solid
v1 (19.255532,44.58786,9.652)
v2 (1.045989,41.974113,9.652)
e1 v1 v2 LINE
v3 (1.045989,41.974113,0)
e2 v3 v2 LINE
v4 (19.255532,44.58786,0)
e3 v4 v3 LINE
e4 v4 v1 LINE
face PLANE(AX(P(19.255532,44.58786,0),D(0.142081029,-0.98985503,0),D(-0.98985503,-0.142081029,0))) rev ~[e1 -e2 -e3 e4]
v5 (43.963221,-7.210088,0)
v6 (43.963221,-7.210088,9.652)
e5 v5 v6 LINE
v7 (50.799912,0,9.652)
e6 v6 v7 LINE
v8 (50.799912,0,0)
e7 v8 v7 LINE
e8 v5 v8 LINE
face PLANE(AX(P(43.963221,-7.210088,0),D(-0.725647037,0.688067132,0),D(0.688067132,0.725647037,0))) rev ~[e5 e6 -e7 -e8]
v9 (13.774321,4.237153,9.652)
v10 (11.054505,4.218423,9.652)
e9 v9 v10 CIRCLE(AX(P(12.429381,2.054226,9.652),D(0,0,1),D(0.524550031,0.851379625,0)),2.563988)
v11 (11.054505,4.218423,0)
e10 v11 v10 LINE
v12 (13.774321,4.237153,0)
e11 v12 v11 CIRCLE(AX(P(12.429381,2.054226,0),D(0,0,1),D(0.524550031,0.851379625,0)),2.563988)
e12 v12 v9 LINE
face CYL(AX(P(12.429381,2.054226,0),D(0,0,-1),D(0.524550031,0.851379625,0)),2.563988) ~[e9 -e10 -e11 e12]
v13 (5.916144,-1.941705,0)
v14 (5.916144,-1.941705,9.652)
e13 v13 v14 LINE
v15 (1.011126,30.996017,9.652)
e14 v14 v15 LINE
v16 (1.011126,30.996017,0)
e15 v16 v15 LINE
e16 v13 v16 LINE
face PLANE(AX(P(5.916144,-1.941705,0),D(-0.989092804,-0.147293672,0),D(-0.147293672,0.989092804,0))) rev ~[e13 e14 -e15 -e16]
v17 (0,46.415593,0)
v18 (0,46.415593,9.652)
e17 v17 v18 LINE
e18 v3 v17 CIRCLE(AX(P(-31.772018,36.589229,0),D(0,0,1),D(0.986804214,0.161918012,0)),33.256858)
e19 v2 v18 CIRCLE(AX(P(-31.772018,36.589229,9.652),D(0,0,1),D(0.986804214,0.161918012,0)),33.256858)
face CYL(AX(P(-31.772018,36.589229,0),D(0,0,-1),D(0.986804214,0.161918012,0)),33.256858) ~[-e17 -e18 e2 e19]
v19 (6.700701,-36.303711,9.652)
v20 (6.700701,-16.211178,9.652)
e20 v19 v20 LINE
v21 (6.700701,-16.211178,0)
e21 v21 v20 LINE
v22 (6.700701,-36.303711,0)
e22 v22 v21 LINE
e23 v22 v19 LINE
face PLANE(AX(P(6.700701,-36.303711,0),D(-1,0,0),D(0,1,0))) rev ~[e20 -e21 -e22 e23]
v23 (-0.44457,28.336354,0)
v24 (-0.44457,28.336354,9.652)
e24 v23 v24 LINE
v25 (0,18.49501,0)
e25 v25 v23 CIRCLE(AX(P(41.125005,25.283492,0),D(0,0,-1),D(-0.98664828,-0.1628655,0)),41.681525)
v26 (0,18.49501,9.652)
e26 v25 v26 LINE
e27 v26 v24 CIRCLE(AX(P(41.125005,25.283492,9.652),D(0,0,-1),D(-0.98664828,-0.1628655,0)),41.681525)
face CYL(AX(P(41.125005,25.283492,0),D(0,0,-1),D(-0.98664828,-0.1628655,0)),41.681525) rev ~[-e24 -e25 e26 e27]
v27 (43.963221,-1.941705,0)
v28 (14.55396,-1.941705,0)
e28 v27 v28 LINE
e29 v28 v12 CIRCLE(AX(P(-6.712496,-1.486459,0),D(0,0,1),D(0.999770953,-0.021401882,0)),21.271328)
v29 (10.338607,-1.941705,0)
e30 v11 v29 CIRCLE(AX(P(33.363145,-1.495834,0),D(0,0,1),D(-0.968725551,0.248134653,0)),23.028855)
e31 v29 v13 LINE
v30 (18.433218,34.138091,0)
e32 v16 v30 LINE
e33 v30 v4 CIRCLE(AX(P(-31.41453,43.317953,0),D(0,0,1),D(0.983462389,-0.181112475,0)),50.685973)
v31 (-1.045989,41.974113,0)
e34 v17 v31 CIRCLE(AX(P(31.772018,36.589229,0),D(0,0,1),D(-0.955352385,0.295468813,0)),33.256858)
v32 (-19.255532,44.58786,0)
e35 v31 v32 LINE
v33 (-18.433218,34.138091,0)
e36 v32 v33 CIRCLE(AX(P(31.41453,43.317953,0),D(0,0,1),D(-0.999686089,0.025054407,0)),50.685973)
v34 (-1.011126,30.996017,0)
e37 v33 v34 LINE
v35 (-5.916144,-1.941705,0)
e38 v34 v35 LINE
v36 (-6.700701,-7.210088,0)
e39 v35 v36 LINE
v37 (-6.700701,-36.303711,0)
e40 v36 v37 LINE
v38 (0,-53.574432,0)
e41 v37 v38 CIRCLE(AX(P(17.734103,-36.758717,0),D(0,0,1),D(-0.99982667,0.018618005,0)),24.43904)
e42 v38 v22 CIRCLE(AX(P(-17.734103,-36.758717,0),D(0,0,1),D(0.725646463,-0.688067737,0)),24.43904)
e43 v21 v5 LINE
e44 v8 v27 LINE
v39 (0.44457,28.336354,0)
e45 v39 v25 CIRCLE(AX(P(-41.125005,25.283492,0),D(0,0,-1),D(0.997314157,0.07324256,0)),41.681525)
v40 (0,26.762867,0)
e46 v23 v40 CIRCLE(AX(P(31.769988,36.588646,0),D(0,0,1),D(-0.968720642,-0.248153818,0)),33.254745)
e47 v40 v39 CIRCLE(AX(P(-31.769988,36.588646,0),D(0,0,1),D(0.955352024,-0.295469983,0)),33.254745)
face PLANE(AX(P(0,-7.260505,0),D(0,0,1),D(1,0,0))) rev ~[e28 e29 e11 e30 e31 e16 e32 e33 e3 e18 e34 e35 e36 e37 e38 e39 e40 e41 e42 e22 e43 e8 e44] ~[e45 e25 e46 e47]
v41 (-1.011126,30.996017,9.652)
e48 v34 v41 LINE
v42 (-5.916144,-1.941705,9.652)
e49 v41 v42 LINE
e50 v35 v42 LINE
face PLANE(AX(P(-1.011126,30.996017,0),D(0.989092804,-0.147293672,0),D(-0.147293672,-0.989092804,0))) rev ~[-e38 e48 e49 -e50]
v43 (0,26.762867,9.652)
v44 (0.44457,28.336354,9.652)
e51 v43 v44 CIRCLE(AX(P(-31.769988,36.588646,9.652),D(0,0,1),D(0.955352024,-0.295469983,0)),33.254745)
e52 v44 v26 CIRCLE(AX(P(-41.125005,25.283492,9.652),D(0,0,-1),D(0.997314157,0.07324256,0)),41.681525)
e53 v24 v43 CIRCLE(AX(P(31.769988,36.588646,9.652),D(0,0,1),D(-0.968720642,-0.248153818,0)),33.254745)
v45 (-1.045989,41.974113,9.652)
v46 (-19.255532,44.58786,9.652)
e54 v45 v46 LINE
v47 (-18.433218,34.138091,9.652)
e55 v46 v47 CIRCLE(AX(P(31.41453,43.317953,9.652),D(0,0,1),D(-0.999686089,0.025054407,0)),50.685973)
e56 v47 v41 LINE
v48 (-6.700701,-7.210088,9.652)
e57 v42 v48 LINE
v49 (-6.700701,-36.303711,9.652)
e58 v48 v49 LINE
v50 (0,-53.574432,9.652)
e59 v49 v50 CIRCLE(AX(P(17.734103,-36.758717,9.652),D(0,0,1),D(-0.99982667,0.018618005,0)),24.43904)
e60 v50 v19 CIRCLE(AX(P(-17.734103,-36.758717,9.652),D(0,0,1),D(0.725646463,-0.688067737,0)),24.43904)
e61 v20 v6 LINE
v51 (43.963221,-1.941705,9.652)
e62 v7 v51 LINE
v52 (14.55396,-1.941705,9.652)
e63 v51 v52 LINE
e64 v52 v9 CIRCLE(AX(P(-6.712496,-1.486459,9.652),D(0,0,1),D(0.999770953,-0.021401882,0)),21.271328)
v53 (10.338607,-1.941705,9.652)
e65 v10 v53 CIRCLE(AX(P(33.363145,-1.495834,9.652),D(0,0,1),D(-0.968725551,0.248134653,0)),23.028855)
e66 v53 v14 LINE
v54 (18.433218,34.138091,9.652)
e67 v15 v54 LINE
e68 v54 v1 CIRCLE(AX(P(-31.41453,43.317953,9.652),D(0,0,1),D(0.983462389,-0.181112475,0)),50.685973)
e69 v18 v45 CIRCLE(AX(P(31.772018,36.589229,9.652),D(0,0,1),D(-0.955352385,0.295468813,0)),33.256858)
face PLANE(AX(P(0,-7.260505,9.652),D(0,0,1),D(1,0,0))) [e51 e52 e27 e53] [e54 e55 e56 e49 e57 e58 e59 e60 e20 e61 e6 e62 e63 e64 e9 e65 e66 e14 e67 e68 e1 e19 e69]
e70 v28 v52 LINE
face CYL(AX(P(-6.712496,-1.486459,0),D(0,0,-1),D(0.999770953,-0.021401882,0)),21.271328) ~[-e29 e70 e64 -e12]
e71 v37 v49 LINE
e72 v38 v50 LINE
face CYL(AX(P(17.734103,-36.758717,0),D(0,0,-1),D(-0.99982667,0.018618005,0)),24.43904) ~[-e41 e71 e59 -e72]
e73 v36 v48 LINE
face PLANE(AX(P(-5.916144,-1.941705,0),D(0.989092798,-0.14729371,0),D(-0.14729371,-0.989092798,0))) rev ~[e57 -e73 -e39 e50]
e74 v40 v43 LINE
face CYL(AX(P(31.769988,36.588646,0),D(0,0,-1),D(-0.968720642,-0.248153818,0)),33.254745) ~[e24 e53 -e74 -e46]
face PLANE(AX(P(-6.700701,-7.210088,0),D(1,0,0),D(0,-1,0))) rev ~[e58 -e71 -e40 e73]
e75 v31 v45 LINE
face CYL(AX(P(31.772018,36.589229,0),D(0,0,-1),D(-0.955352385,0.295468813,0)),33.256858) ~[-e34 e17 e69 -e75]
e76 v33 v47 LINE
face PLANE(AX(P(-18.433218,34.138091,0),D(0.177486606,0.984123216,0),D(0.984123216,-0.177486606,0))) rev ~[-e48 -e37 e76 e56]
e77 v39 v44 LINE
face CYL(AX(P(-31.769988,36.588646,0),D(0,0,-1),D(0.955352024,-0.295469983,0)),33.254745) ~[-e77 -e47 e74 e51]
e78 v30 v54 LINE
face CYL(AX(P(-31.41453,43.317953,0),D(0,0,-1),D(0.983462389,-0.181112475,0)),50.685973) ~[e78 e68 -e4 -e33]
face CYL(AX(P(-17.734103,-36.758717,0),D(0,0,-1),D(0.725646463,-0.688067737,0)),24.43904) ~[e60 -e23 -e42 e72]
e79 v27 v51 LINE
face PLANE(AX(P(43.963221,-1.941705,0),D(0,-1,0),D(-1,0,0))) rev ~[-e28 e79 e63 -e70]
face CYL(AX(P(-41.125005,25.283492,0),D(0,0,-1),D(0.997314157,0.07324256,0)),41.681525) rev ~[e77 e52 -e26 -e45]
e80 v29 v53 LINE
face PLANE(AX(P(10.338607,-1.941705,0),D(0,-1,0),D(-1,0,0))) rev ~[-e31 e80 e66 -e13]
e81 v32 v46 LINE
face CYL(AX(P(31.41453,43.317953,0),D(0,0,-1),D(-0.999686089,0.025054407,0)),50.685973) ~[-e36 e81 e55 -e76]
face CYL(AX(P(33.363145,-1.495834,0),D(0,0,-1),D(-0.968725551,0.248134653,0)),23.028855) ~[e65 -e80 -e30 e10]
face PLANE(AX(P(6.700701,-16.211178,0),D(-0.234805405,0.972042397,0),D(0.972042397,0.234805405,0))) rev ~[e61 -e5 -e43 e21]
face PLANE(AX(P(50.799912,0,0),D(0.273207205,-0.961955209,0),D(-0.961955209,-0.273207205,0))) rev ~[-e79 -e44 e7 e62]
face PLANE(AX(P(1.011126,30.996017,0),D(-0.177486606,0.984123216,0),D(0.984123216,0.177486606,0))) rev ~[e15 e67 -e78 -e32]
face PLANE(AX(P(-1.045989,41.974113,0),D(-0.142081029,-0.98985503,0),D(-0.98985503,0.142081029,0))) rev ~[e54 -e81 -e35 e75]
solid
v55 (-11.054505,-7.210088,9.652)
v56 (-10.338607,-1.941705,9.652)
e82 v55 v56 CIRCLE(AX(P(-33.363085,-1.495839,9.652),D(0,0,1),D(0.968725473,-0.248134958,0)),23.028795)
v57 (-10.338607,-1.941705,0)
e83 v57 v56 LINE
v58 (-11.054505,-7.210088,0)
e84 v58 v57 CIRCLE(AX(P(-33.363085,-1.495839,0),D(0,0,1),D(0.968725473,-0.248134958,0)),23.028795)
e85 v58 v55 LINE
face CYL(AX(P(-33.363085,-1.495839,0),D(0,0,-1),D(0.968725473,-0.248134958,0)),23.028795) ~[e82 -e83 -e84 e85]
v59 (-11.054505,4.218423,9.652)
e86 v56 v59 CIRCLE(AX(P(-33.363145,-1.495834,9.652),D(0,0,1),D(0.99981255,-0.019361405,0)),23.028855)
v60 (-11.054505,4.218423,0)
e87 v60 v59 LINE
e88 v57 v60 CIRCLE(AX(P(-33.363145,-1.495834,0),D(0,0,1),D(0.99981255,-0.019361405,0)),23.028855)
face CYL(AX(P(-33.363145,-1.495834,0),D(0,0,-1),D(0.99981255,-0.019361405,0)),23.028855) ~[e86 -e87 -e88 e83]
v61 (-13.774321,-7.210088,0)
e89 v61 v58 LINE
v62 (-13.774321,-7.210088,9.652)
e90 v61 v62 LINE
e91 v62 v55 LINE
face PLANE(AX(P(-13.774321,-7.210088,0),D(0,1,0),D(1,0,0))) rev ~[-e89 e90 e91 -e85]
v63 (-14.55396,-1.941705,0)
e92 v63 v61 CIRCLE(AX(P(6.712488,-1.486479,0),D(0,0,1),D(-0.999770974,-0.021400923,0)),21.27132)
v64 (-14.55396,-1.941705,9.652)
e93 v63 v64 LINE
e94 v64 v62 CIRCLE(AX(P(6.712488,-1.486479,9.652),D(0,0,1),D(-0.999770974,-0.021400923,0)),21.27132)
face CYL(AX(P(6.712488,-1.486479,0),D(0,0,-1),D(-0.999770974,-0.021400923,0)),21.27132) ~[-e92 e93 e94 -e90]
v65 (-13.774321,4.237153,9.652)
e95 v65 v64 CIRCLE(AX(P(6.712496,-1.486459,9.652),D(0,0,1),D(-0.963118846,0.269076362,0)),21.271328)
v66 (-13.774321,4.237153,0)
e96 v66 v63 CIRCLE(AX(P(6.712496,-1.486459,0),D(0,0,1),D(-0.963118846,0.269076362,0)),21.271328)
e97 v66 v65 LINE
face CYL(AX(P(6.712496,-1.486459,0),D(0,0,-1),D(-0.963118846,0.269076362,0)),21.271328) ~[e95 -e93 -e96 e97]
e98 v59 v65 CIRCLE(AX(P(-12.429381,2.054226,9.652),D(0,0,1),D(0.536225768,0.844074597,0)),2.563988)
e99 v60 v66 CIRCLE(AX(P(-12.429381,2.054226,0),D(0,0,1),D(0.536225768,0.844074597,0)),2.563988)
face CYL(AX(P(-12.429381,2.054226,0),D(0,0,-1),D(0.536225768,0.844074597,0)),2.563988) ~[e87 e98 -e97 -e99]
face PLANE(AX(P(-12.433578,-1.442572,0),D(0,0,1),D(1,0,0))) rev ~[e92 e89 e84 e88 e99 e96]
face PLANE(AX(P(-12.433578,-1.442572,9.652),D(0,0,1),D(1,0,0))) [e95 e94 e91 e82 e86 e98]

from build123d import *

# Parameters (mm, degrees)
F1_DEPTH = 9.652


with BuildPart() as f1:
    # F0 (on Top) → F1 (new body)
    with BuildSketch(Plane.XY):
        with BuildLine():
            Line((-6.700701, -16.211178), (-6.700701, -36.303711))
            ThreePointArc((-6.700701, -36.303711), (-5.050182, -45.598572), (0, -53.574432))
            ThreePointArc((0, -53.574432), (5.050182, -45.598572), (6.700701, -36.303711))
            Line((6.700701, -36.303711), (6.700701, -16.211178))
            Line((6.700701, -16.211178), (6.700701, -7.210088))
            Line((6.700701, -7.210088), (5.916144, -1.941705))
            Line((5.916144, -1.941705), (1.011126, 30.996017))
            ThreePointArc((1.011126, 30.996017), (0.755044, 29.660392), (0.44457, 28.336354))
            ThreePointArc((0.44457, 28.336354), (0.514056, 23.402501), (0, 18.49501))
            ThreePointArc((0, 18.49501), (-0.514056, 23.402501), (-0.44457, 28.336354))
            ThreePointArc((-0.44457, 28.336354), (-0.755044, 29.660392), (-1.011126, 30.996017))
            Line((-1.011126, 30.996017), (-5.916144, -1.941705))
            Line((-5.916144, -1.941705), (-6.700701, -7.210088))
            Line((-6.700701, -7.210088), (-6.700701, -16.211178))
        make_face()
        with BuildLine():
            ThreePointArc((-11.054505, -7.210088), (-10.544003, -4.596626), (-10.338607, -1.941705))
            ThreePointArc((-10.338607, -1.941705), (-10.488245, 1.162568), (-11.054505, 4.218423))
            ThreePointArc((-11.054505, 4.218423), (-12.411724, 4.618153), (-13.774321, 4.237153))
            ThreePointArc((-13.774321, 4.237153), (-14.391497, 1.176412), (-14.55396, -1.941705))
            ThreePointArc((-14.55396, -1.941705), (-14.329674, -4.600393), (-13.774321, -7.210088))
            Line((-13.774321, -7.210088), (-11.054505, -7.210088))
        make_face()
        with BuildLine():
            Line((6.700701, -7.210088), (6.700701, -16.211178))
            Line((6.700701, -16.211178), (43.963221, -7.210088))
            Line((43.963221, -7.210088), (50.799912, 0))
            Line((50.799912, 0), (43.963221, -1.941705))
            Line((43.963221, -1.941705), (14.55396, -1.941705))
            ThreePointArc((14.55396, -1.941705), (14.329674, -4.600393), (13.774321, -7.210088))
            Line((13.774321, -7.210088), (11.054505, -7.210088))
            ThreePointArc((11.054505, -7.210088), (10.544003, -4.596626), (10.338607, -1.941705))
            Line((10.338607, -1.941705), (5.916144, -1.941705))
            Line((5.916144, -1.941705), (6.700701, -7.210088))
        make_face()
        with BuildLine():
            Line((-18.433218, 34.138091), (-1.011126, 30.996017))
            ThreePointArc((-1.011126, 30.996017), (-1.484671, 36.483617), (-1.045989, 41.974113))
            Line((-1.045989, 41.974113), (-19.255532, 44.58786))
            ThreePointArc((-19.255532, 44.58786), (-19.115233, 39.341661), (-18.433218, 34.138091))
        make_face()
        with BuildLine():
            ThreePointArc((-1.045989, 41.974113), (-1.484671, 36.483617), (-1.011126, 30.996017))
            ThreePointArc((-1.011126, 30.996017), (-0.755044, 29.660392), (-0.44457, 28.336354))
            ThreePointArc((-0.44457, 28.336354), (-0.231957, 27.546877), (0, 26.762867))
            ThreePointArc((0, 26.762867), (0.231957, 27.546877), (0.44457, 28.336354))
            ThreePointArc((0.44457, 28.336354), (0.755044, 29.660392), (1.011126, 30.996017))
            ThreePointArc((1.011126, 30.996017), (1.484671, 36.483617), (1.045989, 41.974113))
            ThreePointArc((1.045989, 41.974113), (0.599258, 44.212814), (0, 46.415593))
            ThreePointArc((0, 46.415593), (-0.599258, 44.212814), (-1.045989, 41.974113))
        make_face()
        with BuildLine():
            ThreePointArc((1.045989, 41.974113), (1.484671, 36.483617), (1.011126, 30.996017))
            Line((1.011126, 30.996017), (18.433218, 34.138091))
            ThreePointArc((18.433218, 34.138091), (19.115233, 39.341661), (19.255532, 44.58786))
            Line((19.255532, 44.58786), (1.045989, 41.974113))
        make_face()
        with BuildLine():
            ThreePointArc((11.054505, 4.218423), (10.488245, 1.162568), (10.338607, -1.941705))
            ThreePointArc((10.338607, -1.941705), (10.544003, -4.596626), (11.054505, -7.210088))
            Line((11.054505, -7.210088), (13.774321, -7.210088))
            ThreePointArc((13.774321, -7.210088), (14.329674, -4.600393), (14.55396, -1.941705))
            ThreePointArc((14.55396, -1.941705), (14.391497, 1.176412), (13.774321, 4.237153))
            ThreePointArc((13.774321, 4.237153), (12.411724, 4.618153), (11.054505, 4.218423))
        make_face()
    extrude(amount=F1_DEPTH)


solid = f1.part
